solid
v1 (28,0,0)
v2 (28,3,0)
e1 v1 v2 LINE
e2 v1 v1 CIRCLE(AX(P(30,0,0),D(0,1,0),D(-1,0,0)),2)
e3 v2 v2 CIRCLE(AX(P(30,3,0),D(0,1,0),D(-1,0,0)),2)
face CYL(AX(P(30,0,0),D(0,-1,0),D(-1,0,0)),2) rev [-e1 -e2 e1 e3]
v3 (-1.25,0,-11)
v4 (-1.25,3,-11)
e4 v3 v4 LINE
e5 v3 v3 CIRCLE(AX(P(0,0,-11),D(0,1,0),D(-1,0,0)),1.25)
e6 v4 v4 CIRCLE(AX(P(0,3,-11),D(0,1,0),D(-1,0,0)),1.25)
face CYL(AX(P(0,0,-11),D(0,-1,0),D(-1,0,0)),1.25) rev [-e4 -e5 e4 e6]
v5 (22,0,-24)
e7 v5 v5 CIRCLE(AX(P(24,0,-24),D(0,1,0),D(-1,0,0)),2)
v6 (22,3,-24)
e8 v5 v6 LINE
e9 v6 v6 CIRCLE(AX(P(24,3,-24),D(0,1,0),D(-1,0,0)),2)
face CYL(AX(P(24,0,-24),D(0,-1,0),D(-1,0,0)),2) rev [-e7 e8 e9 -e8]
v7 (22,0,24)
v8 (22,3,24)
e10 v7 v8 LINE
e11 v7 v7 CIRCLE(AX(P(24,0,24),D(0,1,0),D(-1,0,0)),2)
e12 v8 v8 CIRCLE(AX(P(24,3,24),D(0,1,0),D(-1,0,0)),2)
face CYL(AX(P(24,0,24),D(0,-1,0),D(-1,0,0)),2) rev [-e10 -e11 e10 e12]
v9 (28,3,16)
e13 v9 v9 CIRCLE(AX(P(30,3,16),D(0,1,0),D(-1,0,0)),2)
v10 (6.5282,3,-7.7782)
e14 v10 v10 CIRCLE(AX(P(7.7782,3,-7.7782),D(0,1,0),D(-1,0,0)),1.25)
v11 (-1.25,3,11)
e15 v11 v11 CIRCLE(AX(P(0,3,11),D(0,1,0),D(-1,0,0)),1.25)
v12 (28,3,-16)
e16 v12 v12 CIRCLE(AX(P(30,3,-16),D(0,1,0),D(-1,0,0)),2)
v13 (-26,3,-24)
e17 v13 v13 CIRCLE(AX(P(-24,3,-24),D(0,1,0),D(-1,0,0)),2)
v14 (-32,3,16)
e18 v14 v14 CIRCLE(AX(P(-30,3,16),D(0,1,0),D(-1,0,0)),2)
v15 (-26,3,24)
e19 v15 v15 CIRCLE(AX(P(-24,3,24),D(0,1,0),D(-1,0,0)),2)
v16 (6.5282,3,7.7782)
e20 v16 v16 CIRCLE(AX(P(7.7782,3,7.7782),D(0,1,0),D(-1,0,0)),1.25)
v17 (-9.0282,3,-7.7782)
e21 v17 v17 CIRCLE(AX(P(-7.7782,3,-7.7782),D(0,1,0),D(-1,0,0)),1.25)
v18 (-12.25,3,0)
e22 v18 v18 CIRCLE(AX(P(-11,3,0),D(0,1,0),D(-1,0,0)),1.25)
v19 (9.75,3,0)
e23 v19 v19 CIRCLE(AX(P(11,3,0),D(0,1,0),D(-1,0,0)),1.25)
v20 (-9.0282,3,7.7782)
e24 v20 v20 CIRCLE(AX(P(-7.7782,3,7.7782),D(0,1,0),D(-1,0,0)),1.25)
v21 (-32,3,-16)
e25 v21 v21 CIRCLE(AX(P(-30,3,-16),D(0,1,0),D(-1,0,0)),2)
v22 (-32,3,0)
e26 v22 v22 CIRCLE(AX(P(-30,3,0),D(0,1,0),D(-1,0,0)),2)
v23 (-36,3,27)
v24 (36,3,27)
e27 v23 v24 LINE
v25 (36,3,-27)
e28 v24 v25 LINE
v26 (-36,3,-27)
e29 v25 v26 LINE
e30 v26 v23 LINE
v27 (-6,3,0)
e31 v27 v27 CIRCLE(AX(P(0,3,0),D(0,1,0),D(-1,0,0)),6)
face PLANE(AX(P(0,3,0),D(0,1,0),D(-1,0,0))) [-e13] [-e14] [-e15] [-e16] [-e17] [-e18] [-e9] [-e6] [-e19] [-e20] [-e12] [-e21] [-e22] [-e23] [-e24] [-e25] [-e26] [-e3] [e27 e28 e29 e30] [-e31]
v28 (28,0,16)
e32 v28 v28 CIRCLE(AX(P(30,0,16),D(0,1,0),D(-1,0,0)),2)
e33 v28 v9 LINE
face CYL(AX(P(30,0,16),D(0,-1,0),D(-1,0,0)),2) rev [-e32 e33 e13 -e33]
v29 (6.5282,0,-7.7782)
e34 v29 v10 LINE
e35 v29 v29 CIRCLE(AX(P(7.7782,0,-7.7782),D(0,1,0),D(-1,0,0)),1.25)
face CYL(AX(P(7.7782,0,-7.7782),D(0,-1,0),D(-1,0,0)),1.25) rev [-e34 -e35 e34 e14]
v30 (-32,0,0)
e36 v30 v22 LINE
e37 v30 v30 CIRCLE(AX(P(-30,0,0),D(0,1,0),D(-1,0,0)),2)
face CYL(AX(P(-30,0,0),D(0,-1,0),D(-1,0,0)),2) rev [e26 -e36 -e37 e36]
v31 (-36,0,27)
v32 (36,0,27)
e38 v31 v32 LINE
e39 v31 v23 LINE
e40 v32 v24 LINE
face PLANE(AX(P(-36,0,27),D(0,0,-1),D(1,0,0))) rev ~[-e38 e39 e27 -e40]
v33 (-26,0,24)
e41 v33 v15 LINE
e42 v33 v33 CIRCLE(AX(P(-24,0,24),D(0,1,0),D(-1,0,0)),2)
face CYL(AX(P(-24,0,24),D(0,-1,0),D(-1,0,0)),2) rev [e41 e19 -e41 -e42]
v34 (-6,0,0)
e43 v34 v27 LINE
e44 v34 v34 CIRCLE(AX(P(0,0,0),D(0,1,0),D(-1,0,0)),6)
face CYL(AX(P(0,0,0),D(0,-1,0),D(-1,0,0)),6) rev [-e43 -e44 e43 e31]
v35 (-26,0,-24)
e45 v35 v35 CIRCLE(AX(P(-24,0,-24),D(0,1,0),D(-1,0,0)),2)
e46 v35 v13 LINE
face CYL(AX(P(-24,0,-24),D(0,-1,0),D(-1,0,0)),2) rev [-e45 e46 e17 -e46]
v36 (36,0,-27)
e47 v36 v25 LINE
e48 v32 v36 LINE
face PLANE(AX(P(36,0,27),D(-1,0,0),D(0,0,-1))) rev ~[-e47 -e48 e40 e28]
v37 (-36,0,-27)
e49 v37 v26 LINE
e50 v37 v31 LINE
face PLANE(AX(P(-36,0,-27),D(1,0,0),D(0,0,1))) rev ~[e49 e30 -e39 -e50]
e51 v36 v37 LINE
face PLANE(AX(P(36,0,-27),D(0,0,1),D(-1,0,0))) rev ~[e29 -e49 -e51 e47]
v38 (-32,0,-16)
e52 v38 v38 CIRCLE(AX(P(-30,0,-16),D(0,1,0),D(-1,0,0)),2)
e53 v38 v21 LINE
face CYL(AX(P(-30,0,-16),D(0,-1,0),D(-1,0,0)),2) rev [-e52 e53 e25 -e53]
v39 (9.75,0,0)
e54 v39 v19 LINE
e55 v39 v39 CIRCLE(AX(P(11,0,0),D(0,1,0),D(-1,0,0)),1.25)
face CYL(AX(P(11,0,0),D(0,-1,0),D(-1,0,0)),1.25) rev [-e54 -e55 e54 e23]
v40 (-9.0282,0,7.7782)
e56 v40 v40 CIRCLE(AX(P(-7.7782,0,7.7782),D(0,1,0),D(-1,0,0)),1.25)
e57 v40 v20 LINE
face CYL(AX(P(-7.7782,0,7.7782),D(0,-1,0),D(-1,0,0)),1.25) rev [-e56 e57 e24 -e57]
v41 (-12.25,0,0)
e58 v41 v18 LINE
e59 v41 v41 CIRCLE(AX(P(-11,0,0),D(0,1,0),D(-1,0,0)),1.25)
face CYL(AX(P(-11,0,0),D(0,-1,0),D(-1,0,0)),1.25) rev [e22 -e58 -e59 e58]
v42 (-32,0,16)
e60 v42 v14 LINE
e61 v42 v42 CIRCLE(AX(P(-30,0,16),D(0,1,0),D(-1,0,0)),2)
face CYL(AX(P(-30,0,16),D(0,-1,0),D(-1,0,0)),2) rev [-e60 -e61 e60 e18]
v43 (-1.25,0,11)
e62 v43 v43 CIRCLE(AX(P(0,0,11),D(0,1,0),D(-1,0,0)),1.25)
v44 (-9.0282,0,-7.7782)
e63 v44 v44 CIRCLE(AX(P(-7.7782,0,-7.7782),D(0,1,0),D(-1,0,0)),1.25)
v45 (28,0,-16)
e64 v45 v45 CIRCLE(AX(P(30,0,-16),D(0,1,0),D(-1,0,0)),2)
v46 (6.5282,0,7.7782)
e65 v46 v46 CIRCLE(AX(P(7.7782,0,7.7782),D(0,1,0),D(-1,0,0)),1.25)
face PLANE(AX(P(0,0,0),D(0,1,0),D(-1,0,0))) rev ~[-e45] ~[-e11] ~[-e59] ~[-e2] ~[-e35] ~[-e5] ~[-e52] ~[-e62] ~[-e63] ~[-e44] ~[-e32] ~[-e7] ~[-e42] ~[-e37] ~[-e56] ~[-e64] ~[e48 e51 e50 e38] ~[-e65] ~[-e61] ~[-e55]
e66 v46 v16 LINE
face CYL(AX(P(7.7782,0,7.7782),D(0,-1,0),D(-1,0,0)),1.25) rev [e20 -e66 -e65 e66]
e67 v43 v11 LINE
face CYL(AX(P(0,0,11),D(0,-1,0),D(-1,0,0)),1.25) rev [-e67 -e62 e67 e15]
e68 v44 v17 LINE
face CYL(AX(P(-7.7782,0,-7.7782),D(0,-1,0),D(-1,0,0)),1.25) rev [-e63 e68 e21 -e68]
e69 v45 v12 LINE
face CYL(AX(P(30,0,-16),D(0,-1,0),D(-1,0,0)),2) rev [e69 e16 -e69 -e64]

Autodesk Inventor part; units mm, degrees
ref_plane "YZ Plane" through (0, 0, 0) normal (1, 0, 0) x (0, 1, 0)
ref_plane "XZ Plane" through (0, 0, 0) normal (0, 1, 0) x (-1, 0, 0)
ref_plane "XY Plane" through (0, 0, 0) normal (0, 0, 1) x (1, 0, 0)
sketch "Sketch1" plane through (0, 0, 0) normal (0, 1, 0) x (-1, 0, 0)
  line L0 (36, 27) -> (-36, 27)
  line L1 (-36, 27) -> (-36, -27)
  line L2 (-36, -27) -> (36, -27)
  line L3 (36, -27) -> (36, 27)
  line L4 (36, 27) -> (-36, -27) construction
  line L5 (-36, 27) -> (36, -27) construction
  circle A0 centre (0, 0) radius 6
  circle A1 centre (0, -11) radius 1.25
  circle A2 centre (7.7782, -7.7782) radius 1.25
  circle A3 centre (11, 0) radius 1.25
  circle A4 centre (7.7782, 7.7782) radius 1.25
  circle A5 centre (0, 11) radius 1.25
  circle A6 centre (-7.7782, 7.7782) radius 1.25
  circle A7 centre (-11, 0) radius 1.25
  circle A8 centre (-7.7782, -7.7782) radius 1.25
  circle A9 centre (24, -24) radius 2
  line L6 (0, 0) -> (0, 6) construction
  circle A10 centre (-24, -24) radius 2
  line L7 (0, 0) -> (-36, 0) construction
  circle A11 centre (24, 24) radius 2
  circle A12 centre (-24, 24) radius 2
  circle A13 centre (30, 16) radius 2
  circle A14 centre (-30, 16) radius 2
  circle A15 centre (30, -16) radius 2
  circle A16 centre (-30, -16) radius 2
  circle A17 centre (-30, 0) radius 2
  circle A18 centre (30, 0) radius 2
  dimension "d2" = 12
  dimension "d0" = 72
  dimension "d1" = 54
  dimension "d3" = 2.5
  dimension "d4" = 11
  dimension "d7" = 360
  dimension "d9" = 4
  dimension "d10" = 24
  dimension "d11" = 24
  dimension "d14" = 4
  dimension "d15" = 6
  dimension "d16" = 8
  dimension "d17" = 4
  dimension "d18" = 4
extrude "Extrusion1" add sketch "Sketch1" along normal blind 3
properties part number "FifthAxisServoPlate"
